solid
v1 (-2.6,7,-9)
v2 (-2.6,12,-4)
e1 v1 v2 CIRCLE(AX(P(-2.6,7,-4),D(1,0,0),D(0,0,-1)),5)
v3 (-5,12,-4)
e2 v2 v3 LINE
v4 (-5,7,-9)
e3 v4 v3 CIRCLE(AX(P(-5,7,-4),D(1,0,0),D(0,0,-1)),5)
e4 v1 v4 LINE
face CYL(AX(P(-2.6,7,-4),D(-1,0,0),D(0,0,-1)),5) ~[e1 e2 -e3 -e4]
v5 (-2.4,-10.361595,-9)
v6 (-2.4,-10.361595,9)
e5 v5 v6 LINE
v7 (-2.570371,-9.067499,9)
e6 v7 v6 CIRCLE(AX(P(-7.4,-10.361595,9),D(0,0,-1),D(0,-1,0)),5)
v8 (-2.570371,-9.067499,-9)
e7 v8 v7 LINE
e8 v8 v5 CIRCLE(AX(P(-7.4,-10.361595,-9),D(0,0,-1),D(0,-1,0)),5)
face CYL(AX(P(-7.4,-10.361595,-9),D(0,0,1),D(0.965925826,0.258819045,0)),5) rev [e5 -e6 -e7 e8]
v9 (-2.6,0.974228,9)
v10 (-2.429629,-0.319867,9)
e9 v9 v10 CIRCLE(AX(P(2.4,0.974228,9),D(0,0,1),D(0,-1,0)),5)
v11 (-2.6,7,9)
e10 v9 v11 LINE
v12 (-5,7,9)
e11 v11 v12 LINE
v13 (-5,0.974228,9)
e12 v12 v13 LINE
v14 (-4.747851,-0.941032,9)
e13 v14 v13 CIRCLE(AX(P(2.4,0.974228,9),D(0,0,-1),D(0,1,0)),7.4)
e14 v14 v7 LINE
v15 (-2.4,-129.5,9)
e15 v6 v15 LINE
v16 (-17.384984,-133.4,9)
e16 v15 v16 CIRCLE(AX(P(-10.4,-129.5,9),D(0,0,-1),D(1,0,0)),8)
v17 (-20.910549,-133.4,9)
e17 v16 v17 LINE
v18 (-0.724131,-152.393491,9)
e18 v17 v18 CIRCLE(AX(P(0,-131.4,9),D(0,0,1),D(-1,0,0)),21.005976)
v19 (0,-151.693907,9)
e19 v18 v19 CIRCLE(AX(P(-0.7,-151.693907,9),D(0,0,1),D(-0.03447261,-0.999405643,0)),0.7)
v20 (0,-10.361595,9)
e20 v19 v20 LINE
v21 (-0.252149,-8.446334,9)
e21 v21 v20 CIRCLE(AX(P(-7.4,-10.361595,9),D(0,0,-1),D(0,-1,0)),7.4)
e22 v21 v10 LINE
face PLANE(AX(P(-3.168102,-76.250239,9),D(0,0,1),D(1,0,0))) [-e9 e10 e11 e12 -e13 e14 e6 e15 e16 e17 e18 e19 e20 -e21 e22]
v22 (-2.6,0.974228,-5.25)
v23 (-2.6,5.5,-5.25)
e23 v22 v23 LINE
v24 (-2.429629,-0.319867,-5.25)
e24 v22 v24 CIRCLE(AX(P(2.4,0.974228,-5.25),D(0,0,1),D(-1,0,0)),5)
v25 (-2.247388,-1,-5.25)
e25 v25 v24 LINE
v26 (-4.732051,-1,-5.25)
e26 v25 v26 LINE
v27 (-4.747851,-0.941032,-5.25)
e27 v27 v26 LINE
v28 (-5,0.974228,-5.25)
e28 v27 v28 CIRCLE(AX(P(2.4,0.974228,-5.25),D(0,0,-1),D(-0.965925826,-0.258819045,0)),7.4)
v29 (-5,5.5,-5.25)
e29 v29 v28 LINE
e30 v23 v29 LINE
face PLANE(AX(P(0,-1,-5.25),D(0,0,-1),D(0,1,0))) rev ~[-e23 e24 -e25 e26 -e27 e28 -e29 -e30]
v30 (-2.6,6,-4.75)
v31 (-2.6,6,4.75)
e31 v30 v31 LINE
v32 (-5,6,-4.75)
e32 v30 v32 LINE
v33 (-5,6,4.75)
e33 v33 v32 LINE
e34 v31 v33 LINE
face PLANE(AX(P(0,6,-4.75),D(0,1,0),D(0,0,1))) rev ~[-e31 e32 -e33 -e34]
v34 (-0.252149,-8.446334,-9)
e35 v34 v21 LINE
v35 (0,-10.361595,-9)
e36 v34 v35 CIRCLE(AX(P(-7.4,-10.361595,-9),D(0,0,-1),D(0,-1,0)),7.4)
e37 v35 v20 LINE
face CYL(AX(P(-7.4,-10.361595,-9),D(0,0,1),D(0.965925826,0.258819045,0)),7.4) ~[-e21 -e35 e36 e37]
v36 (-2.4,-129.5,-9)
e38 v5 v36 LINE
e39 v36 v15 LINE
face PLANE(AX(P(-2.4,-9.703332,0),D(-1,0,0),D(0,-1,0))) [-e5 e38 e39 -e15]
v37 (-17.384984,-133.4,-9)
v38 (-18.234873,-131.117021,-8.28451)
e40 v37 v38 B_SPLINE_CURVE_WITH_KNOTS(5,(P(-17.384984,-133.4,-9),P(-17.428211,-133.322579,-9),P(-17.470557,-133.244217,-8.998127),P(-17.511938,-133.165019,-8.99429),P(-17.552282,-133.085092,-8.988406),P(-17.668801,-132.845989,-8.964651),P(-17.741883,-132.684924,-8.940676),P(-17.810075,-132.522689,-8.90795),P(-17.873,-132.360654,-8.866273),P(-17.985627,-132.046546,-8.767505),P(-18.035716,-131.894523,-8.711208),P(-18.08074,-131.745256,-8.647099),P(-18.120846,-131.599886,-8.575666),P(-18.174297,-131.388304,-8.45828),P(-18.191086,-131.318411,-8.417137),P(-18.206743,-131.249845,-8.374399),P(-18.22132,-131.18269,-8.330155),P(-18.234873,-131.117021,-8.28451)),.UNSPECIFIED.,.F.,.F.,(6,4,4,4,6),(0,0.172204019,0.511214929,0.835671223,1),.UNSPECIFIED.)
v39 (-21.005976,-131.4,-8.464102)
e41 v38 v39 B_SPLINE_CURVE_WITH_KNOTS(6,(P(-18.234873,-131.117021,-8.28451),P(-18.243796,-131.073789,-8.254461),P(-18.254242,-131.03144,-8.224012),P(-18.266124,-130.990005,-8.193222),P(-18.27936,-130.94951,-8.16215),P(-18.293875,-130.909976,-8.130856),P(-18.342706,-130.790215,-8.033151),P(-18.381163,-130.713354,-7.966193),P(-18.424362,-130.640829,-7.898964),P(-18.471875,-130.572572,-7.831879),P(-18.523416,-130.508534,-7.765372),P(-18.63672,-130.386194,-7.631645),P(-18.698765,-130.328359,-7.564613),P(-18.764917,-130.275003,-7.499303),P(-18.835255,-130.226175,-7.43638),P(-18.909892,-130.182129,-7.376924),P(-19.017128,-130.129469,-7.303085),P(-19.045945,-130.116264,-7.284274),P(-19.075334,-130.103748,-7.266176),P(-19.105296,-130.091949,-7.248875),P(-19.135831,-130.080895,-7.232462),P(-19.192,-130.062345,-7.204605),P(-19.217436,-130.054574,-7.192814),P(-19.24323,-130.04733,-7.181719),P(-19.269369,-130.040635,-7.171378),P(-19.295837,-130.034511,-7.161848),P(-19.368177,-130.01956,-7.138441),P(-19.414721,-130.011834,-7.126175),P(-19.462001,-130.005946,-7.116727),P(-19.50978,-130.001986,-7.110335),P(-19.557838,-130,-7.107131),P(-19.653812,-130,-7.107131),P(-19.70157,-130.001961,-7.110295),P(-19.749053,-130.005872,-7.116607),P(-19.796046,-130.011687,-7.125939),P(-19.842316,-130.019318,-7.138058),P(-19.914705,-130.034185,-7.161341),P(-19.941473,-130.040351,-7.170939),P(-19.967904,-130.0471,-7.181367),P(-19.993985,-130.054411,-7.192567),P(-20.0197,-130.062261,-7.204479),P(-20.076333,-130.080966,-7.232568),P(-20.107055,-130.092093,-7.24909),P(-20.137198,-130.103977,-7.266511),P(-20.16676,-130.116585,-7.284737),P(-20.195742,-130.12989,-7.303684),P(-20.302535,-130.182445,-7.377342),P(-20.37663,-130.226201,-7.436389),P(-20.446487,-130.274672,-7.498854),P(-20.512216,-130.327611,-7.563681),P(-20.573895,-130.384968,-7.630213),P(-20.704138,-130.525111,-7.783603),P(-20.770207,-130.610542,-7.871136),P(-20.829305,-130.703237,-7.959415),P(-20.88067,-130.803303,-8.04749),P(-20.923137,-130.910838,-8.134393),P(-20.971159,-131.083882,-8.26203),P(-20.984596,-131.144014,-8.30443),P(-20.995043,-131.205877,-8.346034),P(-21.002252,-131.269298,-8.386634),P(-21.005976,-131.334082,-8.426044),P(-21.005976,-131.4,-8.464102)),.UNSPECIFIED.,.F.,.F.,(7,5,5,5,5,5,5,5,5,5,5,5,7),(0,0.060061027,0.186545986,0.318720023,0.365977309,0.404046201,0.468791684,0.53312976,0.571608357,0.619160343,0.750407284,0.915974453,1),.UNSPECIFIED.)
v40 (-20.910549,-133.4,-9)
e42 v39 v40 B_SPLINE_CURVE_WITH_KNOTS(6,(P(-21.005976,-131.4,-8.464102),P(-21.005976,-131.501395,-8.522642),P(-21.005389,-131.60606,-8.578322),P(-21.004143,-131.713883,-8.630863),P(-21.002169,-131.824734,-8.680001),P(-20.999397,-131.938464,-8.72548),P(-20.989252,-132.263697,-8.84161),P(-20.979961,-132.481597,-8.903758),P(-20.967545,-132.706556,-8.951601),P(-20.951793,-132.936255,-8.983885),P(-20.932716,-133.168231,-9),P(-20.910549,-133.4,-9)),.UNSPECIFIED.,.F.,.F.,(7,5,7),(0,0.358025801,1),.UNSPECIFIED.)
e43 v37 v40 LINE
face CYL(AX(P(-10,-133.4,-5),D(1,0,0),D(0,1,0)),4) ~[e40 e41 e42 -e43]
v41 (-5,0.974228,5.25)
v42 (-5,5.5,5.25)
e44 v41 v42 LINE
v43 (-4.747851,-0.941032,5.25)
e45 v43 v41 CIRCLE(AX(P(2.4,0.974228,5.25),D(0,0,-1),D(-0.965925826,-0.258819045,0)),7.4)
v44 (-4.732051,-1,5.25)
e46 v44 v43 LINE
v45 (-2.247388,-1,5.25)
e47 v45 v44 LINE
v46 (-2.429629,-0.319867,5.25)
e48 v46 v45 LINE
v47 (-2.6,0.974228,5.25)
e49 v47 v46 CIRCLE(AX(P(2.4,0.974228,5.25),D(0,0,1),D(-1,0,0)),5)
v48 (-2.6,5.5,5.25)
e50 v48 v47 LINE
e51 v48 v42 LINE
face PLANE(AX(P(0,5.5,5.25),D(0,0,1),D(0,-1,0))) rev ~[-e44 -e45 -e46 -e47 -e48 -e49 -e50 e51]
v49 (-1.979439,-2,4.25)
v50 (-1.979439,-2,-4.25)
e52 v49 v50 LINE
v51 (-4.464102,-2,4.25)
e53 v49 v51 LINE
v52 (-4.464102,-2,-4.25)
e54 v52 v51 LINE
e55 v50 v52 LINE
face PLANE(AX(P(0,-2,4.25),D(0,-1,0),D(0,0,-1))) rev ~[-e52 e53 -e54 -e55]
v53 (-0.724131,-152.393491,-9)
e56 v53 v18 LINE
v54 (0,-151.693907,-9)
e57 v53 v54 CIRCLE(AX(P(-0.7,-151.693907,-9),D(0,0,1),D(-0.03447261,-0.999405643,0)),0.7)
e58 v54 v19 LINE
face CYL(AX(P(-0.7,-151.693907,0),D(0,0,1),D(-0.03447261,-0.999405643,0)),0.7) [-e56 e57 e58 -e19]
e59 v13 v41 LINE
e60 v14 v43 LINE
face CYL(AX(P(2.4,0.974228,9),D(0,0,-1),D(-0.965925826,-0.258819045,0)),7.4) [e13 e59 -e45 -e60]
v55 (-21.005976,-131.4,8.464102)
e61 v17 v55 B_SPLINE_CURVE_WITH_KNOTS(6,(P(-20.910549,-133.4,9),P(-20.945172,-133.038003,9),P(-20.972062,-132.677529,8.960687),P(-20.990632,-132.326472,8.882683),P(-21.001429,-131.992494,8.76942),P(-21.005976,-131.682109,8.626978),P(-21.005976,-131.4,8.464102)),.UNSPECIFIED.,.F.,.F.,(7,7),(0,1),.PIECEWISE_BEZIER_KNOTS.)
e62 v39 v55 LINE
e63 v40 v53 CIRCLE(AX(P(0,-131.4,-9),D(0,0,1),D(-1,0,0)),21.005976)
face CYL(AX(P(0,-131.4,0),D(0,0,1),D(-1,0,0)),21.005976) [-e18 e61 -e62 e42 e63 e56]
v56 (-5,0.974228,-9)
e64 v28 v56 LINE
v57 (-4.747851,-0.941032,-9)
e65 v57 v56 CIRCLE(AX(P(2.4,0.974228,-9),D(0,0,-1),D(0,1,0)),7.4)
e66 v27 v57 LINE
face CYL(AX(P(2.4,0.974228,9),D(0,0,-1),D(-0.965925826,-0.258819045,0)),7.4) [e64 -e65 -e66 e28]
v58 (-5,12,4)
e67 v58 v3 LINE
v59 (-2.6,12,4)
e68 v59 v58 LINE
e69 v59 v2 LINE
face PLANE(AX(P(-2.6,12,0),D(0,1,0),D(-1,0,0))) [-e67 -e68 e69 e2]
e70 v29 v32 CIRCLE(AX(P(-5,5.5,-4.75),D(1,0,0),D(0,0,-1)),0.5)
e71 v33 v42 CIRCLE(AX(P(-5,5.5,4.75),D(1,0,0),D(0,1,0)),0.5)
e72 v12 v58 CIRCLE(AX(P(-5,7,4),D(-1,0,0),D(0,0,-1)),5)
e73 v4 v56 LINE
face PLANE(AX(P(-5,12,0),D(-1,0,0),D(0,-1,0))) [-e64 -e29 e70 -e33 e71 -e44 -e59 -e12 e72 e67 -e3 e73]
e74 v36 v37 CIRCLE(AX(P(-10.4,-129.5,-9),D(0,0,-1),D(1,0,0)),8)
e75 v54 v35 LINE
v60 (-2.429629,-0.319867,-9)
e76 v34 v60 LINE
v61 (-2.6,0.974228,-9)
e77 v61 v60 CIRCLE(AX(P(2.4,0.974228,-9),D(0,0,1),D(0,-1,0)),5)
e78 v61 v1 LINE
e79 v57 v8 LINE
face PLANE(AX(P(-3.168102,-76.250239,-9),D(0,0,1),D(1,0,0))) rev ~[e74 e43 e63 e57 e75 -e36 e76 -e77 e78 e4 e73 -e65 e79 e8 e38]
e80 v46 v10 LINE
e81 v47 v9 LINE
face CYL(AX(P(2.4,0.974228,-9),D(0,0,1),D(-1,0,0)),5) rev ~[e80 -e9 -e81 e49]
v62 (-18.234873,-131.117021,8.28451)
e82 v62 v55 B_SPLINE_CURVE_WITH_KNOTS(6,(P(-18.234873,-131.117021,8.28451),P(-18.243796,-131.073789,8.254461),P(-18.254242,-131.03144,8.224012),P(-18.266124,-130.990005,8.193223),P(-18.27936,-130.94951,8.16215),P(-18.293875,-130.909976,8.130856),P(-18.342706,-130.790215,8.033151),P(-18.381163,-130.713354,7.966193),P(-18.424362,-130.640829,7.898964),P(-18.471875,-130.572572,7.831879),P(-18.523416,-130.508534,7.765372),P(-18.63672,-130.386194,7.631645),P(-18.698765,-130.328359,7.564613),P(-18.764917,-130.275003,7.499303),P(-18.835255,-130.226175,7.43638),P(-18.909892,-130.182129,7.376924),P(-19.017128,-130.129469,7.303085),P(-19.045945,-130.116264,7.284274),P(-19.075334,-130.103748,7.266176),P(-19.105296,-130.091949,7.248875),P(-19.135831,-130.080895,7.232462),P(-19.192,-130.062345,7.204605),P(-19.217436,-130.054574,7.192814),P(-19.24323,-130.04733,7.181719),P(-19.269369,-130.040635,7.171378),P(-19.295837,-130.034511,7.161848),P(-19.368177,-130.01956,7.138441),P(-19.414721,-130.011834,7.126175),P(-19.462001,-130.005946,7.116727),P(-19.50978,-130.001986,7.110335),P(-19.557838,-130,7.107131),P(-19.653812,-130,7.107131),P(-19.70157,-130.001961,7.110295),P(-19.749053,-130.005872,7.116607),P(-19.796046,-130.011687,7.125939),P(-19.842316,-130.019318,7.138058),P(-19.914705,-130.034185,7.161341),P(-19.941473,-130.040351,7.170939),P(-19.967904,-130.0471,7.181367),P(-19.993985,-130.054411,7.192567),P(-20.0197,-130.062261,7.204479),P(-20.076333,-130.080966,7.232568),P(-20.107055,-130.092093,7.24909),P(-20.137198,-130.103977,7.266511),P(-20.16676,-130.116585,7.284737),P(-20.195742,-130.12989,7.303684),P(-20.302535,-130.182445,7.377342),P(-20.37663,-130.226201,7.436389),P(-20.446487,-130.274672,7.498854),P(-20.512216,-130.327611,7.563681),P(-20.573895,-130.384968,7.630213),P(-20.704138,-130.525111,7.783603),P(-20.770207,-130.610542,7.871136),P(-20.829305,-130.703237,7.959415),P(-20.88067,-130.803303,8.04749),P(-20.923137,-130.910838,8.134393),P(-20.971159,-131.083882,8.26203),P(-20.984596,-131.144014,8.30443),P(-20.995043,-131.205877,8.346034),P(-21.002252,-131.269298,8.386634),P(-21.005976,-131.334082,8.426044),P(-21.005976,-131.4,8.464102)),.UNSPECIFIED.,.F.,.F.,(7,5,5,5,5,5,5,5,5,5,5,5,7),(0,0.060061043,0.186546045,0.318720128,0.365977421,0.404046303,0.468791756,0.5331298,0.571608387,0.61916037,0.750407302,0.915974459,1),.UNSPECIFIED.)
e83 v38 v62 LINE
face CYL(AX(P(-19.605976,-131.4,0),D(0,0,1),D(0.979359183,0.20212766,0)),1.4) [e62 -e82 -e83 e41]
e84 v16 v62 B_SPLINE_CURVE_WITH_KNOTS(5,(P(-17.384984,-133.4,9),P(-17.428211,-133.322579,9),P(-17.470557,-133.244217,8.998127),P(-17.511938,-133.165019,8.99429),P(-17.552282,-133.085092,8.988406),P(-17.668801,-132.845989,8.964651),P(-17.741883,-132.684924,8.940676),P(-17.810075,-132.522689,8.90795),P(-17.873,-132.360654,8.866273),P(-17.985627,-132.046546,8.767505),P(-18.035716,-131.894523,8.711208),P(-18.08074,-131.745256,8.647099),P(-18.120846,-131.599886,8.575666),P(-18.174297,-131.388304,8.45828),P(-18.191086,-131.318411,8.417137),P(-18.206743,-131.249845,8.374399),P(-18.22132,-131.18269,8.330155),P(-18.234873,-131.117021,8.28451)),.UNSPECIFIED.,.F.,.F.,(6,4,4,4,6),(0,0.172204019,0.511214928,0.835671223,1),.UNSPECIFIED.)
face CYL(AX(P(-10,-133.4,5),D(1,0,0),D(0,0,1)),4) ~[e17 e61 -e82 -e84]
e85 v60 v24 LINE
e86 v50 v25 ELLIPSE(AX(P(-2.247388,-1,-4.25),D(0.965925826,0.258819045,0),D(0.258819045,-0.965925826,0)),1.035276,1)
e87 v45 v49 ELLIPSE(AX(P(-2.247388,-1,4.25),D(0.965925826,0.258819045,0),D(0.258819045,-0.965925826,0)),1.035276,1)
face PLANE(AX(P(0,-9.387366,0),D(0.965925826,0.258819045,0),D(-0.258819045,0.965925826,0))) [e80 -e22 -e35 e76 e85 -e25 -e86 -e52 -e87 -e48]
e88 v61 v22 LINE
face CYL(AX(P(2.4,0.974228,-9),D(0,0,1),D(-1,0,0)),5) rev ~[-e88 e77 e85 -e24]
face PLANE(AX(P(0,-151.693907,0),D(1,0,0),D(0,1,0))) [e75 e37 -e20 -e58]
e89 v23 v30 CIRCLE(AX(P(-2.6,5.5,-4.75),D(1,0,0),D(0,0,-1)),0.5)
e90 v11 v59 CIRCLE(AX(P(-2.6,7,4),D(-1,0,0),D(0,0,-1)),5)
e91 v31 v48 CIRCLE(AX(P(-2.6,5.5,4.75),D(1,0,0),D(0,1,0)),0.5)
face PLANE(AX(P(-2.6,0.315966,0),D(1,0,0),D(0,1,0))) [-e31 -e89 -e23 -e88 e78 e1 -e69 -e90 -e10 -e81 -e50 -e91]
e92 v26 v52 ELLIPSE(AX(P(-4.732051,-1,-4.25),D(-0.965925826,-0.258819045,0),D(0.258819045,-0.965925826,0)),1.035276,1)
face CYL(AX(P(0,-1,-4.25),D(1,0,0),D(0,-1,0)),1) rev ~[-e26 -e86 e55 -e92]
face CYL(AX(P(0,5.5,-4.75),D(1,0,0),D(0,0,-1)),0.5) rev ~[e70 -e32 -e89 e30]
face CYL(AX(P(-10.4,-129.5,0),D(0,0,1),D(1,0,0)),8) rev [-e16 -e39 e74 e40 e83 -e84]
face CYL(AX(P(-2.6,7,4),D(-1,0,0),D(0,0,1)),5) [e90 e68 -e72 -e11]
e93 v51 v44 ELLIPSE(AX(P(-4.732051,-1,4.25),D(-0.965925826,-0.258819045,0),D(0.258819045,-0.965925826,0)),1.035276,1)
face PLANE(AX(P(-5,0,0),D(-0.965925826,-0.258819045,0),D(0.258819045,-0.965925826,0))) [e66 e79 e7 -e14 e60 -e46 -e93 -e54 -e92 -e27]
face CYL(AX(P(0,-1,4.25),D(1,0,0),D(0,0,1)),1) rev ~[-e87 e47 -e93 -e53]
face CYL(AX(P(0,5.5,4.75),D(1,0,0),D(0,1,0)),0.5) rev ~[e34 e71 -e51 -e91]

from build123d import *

# Parameters (mm, degrees)
F1_DEPTH = 9
F2_R     = 5
F3_R     = 7.4
F5_START = -10
F5_DEPTH = 20
F7_DEPTH = 15
F8_R     = 5


with BuildPart() as f1:
    # F0 (on Top) → F1 (new body, symmetric)
    with BuildSketch(Plane.XY):
        with BuildLine():
            Line((-5, 0), (-2.4, -9.7033320997))
            Line((-2.4, -9.7033320997), (-2.4, -129.5))
            ThreePointArc((-2.4, -129.5), (-9.5872847082, -137.4586113019), (-18.2348734636, -131.1170212766))
            ThreePointArc((-18.2348734636, -131.1170212766), (-19.7482014958, -130.0072430222), (-21.0059763198, -131.4))
            ThreePointArc((-21.0059763198, -131.4), (-15.1073180305, -145.995204112), (-0.7241308269, -152.3934912697))
            ThreePointArc((-0.7241308269, -152.3934912697), (-0.2136316102, -152.1973413167), (0, -151.6939073197))
            Line((0, -151.6939073197), (0, -9.3873661055))
            Line((0, -9.3873661055), (-2.6, 0.3159659942))
            Line((-2.6, 0.3159659942), (-2.6, 12))
            Line((-2.6, 12), (-5, 12))
            Line((-5, 12), (-5, 0))
        make_face()
    extrude(amount=F1_DEPTH, both=True)

    # F2
    f2_edges = [f1.edges().sort_by_distance(p)[0] for p in [
        (-2.4, -9.703332, 0),
        (-2.6, 0.315966, 0),
    ]]
    fillet(f2_edges, radius=F2_R)

    # F3
    f3_edges = [f1.edges().sort_by_distance(p)[0] for p in [
        (-5, 0, 0),
        (0, -9.387366, 0),
    ]]
    fillet(f3_edges, radius=F3_R)

    # F4 (on Right) → F5 (cut)
    with BuildSketch(Plane.YZ.offset(F5_START)):
        with BuildLine():
            ThreePointArc((-129.4, -5), (-130.5715728753, -7.8284271247), (-133.4, -9))
            Line((-133.4, -9), (-133.4, -10))
            Line((-133.4, -10), (-128.4, -10))
            Line((-128.4, -10), (-128.4, 10))
            Line((-128.4, 10), (-133.4, 10))
            Line((-133.4, 10), (-133.4, 9))
            ThreePointArc((-133.4, 9), (-130.5715728753, 7.8284271247), (-129.4, 5))
            Line((-129.4, 5), (-129.4, -5))
        make_face()
    extrude(amount=-F5_DEPTH, mode=Mode.SUBTRACT)

    # F6 (on Right) → F7 (cut)
    with BuildSketch(Plane.YZ):
        with BuildLine():
            ThreePointArc((5.5, -5.25), (5.8535533906, -5.1035533906), (6, -4.75))
            Line((6, -4.75), (6, 4.75))
            ThreePointArc((6, 4.75), (5.8535533906, 5.1035533906), (5.5, 5.25))
            Line((5.5, 5.25), (-1, 5.25))
            ThreePointArc((-1, 5.25), (-1.7071067812, 4.9571067812), (-2, 4.25))
            Line((-2, 4.25), (-2, -4.25))
            ThreePointArc((-2, -4.25), (-1.7071067812, -4.9571067812), (-1, -5.25))
            Line((-1, -5.25), (5.5, -5.25))
        make_face()
    extrude(amount=-F7_DEPTH, mode=Mode.SUBTRACT)

    # F8
    f8_edges = [f1.edges().sort_by_distance(p)[0] for p in [
        (-3.8, 12, -9),
        (-3.8, 12, 9),
    ]]
    fillet(f8_edges, radius=F8_R)


solid = f1.part
